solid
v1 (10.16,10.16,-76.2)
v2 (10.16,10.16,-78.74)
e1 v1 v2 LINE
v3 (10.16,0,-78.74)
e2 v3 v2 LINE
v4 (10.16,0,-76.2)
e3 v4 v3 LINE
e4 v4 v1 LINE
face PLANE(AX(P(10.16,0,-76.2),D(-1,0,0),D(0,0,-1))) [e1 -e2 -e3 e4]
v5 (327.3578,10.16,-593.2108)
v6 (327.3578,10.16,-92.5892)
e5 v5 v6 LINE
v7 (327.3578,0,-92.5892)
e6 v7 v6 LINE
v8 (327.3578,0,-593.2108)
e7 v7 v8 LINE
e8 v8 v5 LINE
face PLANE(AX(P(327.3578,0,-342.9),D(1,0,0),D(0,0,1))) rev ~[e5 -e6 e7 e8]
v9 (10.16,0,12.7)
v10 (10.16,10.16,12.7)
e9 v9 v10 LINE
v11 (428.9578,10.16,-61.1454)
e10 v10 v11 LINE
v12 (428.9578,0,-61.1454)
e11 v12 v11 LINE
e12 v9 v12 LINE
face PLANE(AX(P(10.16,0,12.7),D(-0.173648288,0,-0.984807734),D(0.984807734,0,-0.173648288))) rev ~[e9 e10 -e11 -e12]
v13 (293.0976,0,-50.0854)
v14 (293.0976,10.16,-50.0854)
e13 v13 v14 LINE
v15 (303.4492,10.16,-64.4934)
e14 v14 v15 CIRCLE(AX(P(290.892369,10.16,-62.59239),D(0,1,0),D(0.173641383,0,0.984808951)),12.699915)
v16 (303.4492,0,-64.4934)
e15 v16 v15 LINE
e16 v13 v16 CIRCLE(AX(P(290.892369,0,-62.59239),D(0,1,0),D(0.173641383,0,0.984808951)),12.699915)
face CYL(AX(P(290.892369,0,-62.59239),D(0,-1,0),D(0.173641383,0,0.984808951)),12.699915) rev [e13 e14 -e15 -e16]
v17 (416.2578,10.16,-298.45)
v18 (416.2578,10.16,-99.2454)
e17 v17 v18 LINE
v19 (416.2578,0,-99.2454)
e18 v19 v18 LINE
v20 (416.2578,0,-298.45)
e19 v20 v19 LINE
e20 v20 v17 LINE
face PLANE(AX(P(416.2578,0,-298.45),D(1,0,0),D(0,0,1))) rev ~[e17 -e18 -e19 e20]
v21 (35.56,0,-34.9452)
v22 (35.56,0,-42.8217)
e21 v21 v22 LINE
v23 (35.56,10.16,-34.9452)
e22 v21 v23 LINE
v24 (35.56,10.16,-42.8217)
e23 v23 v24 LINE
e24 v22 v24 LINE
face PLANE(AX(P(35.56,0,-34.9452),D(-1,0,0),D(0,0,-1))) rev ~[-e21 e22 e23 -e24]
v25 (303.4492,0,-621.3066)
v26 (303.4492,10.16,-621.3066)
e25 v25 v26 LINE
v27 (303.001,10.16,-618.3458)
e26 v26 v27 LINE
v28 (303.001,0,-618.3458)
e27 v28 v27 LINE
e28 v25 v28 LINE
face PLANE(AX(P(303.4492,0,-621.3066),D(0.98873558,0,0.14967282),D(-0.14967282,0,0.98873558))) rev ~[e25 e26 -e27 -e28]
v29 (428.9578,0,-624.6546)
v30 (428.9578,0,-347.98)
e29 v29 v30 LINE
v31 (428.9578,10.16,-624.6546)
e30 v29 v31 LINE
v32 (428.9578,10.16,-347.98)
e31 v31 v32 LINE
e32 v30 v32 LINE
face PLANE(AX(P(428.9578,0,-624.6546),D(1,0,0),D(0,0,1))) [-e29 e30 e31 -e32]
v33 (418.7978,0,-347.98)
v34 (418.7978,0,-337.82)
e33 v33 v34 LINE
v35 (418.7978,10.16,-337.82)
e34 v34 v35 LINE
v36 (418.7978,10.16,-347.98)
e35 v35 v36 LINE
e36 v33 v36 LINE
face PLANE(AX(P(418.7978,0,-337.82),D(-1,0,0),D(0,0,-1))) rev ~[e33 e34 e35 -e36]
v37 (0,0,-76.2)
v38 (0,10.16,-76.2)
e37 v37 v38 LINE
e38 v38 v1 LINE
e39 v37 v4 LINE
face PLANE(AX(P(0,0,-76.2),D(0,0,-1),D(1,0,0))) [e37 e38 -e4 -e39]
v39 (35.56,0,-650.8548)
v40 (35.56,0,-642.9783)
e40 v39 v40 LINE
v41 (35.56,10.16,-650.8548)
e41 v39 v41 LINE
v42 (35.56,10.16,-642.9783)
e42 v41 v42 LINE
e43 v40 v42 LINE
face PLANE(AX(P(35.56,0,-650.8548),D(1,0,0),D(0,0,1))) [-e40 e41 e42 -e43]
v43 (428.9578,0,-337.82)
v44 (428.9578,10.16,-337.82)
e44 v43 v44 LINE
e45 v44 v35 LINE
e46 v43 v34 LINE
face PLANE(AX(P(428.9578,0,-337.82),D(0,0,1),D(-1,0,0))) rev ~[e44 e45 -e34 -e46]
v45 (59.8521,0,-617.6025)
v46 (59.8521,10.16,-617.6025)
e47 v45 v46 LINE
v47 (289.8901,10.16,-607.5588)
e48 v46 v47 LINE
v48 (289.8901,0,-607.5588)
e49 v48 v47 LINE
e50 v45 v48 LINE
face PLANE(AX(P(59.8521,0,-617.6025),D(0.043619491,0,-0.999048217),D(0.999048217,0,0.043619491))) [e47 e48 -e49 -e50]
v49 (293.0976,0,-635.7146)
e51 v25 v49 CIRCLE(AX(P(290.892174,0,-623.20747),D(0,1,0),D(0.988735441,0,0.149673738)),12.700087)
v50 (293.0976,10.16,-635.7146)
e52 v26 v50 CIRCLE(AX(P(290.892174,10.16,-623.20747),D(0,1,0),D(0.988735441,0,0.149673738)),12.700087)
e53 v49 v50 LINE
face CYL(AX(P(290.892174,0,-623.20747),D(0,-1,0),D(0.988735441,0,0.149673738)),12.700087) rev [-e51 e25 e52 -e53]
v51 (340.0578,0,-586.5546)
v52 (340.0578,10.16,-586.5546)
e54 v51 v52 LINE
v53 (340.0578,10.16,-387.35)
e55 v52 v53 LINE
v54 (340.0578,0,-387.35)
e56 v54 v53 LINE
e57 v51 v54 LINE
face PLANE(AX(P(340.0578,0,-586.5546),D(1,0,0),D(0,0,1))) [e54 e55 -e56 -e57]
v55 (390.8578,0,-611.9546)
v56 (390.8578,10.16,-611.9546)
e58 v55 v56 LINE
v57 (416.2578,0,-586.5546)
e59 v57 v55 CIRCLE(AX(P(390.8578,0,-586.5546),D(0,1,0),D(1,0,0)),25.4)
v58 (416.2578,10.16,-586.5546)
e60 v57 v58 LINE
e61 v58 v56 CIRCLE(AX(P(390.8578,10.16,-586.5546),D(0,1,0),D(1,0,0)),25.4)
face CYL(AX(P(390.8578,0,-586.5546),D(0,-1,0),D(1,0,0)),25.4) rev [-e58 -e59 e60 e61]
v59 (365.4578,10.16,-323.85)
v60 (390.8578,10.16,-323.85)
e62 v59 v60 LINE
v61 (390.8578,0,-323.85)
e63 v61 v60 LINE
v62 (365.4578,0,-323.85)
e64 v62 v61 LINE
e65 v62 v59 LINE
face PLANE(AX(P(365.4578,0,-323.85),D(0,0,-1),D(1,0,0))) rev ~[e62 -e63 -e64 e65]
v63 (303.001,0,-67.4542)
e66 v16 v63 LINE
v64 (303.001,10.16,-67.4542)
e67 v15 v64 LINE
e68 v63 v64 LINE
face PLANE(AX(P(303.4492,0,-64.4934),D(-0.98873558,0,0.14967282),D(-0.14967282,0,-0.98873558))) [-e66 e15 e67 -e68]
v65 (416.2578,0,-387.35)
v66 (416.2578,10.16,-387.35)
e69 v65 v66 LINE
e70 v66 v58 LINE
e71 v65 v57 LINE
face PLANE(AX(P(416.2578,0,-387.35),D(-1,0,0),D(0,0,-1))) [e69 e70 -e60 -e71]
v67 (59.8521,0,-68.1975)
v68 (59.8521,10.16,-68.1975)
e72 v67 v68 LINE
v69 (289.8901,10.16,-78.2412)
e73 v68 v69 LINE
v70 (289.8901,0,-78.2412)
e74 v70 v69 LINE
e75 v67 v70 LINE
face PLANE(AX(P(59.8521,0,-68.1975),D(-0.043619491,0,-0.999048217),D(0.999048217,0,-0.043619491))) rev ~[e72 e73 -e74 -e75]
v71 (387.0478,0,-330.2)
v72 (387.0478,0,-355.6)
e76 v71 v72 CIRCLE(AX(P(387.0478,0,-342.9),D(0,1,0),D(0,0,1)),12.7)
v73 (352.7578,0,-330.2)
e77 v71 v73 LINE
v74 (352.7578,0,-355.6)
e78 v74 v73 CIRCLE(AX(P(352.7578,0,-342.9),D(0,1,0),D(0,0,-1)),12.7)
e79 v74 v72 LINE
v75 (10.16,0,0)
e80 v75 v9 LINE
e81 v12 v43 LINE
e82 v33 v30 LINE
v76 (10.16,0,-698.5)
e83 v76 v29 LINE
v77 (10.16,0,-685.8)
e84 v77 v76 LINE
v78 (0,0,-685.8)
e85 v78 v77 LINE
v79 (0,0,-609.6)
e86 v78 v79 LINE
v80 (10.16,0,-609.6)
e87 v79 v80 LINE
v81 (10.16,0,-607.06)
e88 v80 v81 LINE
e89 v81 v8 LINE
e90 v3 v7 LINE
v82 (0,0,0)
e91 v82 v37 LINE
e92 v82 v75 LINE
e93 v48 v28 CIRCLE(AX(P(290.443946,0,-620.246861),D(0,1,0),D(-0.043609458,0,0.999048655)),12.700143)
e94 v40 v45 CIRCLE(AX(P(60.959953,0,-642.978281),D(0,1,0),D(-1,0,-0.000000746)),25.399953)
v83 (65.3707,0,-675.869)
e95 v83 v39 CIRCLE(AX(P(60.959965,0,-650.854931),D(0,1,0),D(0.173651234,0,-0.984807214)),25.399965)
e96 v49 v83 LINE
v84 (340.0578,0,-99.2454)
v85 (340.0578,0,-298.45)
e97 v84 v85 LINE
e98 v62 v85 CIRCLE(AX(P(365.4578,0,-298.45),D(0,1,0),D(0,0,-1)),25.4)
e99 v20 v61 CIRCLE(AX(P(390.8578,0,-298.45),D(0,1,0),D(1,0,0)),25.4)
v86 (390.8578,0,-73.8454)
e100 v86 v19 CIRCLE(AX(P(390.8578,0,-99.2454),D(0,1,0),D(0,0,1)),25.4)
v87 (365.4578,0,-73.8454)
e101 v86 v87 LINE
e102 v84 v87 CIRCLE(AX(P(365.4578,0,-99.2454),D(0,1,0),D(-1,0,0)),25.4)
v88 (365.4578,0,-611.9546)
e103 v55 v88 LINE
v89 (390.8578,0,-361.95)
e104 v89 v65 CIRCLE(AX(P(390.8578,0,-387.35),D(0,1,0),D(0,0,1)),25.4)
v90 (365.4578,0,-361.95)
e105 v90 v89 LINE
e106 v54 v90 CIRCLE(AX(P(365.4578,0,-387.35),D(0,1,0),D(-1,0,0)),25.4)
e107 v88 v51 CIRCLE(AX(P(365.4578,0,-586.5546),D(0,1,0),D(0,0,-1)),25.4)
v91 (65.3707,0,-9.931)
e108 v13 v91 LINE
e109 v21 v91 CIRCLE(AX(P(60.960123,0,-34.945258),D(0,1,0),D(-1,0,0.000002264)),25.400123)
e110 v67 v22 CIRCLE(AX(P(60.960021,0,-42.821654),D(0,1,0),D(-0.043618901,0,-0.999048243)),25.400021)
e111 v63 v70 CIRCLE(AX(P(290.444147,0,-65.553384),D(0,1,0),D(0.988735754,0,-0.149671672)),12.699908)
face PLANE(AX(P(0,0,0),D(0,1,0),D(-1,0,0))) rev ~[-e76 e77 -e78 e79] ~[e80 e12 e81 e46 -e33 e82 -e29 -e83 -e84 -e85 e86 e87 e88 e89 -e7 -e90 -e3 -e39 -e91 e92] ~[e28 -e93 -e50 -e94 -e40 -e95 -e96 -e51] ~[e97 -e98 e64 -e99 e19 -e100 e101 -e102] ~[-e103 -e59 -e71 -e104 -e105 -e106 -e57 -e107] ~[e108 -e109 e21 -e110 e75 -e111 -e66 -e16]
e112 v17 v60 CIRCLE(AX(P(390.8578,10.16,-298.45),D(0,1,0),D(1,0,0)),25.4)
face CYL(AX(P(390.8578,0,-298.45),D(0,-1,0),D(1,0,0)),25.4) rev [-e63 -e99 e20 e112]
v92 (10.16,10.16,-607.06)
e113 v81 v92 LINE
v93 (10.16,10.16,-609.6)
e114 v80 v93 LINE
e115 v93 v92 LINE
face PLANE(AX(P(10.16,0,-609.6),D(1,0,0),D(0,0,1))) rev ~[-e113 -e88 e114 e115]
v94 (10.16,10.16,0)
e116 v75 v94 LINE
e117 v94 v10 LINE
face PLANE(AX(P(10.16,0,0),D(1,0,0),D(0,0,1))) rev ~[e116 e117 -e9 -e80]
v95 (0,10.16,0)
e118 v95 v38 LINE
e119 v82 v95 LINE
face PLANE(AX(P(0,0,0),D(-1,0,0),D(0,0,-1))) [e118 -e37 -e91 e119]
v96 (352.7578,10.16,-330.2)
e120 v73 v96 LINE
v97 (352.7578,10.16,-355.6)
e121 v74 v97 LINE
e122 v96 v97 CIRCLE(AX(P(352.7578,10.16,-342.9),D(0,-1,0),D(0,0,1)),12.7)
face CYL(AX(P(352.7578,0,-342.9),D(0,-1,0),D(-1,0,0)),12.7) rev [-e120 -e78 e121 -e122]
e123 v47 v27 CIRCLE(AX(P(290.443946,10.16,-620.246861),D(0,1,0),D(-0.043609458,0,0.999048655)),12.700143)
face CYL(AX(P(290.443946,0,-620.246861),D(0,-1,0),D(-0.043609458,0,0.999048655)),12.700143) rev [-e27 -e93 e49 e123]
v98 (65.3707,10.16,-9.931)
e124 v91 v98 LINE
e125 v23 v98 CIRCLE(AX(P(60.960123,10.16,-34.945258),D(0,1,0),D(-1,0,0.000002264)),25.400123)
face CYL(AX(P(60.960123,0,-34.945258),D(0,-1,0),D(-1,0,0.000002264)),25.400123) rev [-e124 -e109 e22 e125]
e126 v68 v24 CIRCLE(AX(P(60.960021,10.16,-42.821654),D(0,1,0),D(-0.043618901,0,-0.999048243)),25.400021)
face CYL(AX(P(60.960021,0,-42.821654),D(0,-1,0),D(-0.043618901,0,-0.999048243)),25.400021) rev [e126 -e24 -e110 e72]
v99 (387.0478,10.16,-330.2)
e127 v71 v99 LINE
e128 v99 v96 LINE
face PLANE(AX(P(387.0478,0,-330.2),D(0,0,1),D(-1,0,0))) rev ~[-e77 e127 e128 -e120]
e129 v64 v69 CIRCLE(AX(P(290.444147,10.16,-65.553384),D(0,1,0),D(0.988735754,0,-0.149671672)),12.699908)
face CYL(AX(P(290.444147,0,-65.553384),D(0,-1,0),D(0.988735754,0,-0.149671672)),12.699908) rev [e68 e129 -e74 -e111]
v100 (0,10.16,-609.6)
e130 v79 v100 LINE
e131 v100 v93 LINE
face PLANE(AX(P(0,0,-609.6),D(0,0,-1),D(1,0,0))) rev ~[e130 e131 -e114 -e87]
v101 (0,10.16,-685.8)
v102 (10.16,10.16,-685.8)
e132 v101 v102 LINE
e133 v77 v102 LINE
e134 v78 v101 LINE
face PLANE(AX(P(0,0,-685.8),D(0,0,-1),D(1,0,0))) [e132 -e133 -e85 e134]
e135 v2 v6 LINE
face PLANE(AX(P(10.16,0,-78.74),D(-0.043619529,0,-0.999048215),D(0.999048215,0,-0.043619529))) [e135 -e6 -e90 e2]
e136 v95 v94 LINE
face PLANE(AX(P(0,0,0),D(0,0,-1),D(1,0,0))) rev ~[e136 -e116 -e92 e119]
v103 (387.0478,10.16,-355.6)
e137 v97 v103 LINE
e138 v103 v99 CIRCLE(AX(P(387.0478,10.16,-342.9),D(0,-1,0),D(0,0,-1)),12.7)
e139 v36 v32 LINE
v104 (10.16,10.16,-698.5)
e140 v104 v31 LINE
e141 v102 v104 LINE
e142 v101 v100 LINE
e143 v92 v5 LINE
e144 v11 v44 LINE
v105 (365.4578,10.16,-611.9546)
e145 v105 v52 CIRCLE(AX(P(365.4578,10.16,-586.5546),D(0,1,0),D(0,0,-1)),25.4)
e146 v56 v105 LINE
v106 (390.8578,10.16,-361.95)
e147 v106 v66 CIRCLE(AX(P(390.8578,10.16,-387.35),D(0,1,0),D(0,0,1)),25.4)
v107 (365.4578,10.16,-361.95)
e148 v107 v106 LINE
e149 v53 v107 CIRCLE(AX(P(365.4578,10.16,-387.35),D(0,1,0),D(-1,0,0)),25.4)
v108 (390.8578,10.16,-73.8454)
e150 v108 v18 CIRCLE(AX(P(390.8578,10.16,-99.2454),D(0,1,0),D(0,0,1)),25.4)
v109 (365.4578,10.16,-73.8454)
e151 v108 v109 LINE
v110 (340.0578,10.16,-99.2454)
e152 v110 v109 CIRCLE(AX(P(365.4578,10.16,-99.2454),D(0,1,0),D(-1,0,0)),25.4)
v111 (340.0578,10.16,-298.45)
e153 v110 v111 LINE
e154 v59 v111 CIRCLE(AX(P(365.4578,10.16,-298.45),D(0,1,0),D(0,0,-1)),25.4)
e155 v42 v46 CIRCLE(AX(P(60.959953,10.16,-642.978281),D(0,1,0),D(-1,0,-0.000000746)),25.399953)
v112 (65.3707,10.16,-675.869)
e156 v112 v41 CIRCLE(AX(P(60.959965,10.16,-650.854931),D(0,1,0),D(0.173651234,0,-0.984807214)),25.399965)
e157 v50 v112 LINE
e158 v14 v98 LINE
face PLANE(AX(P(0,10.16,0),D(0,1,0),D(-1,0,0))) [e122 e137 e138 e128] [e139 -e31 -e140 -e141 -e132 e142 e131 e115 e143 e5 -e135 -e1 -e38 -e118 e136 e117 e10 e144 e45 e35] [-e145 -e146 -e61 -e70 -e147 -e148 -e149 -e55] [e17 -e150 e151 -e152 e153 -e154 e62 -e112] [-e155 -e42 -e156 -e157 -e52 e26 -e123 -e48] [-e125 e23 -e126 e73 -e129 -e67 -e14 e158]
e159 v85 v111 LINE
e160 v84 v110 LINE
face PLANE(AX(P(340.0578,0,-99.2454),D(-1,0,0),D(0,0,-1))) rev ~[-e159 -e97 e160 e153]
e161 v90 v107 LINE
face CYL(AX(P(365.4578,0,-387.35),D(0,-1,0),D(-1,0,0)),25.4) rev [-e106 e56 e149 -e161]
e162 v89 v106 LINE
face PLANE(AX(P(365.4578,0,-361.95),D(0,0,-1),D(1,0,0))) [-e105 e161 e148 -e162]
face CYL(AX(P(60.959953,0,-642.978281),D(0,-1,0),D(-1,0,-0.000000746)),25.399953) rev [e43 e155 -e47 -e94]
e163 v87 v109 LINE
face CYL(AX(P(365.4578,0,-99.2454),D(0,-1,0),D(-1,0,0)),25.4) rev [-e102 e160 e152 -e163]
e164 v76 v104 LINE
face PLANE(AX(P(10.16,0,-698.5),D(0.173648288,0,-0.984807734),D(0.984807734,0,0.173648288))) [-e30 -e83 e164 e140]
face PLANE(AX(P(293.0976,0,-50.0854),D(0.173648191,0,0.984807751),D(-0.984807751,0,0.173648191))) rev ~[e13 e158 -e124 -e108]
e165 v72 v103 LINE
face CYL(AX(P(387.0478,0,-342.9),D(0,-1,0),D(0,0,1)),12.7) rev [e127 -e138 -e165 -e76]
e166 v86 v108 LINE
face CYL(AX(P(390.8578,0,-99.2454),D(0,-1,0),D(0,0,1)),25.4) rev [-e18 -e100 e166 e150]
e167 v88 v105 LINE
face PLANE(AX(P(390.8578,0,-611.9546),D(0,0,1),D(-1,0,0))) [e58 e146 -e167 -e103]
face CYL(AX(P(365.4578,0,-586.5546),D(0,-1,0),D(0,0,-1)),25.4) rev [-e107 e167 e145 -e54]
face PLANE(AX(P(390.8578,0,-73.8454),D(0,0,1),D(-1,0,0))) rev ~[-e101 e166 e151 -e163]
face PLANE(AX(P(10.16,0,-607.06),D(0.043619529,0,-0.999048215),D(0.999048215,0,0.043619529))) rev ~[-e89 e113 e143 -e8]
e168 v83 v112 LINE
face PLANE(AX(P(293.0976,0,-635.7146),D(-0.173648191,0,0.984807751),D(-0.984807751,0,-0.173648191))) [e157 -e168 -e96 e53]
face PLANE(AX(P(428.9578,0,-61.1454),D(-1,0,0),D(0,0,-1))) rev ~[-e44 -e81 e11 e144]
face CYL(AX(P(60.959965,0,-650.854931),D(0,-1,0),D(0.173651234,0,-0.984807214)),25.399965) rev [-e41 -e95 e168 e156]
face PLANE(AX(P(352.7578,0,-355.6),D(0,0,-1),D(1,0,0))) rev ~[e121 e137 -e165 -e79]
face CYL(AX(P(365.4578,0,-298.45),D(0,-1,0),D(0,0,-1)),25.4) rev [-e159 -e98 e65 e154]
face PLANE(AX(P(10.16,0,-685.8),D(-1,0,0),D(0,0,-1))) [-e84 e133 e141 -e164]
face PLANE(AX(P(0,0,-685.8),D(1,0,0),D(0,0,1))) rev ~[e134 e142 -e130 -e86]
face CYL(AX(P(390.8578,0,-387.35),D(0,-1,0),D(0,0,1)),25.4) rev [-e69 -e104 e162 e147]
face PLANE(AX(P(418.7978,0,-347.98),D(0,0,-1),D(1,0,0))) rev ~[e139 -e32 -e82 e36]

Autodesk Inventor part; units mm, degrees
ref_plane "YZ Plane" through (0, 0, 0) normal (1, 0, 0) x (0, 1, 0)
ref_plane "XZ Plane" through (0, 0, 0) normal (0, 1, 0) x (-1, 0, 0)
ref_plane "XY Plane" through (0, 0, 0) normal (0, 0, 1) x (1, 0, 0)
sketch "Sketch1" plane through (0, 0, 0) normal (0, 1, 0) x (-1, 0, 0)
  line L0 (0, 0) -> (0, -76.2)
  line L1 (0, -76.2) -> (-10.16, -76.2)
  line L2 (-10.16, -76.2) -> (-10.16, -78.74)
  line L3 (-10.16, -78.74) -> (-327.3578, -92.5892)
  line L4 (0, 0) -> (-10.16, 0)
  line L5 (-10.16, 0) -> (-10.16, 12.7)
  line L6 (-10.16, 12.7) -> (-428.9578, -61.1454)
  line L7 (-428.9578, -61.1454) -> (-428.9578, -342.9)
  line L8 (-428.9578, -342.9) -> (-327.3578, -342.9)
  line L9 (-327.3578, -342.9) -> (-327.3578, -92.5892)
  line L10 (-365.4578, -323.85) -> (-390.8578, -323.85)
  line L11 (-416.2578, -298.45) -> (-416.2578, -99.2454)
  line L12 (-390.8578, -73.8454) -> (-365.4578, -73.8454)
  line L13 (-340.0578, -99.2454) -> (-340.0578, -298.45)
  line L14 (-293.0976, -50.0854) -> (-65.3707, -9.931)
  line L15 (-35.56, -34.9452) -> (-35.56, -42.8217)
  line L16 (-59.8521, -68.1975) -> (-289.8901, -78.2412)
  arc A0 (-340.0578, -99.2454) -> (-365.4578, -73.8454) centre (-365.4578, -99.2454) ccw
  arc A1 (-390.8578, -73.8454) -> (-416.2578, -99.2454) centre (-390.8578, -99.2454) ccw
  arc A2 (-416.2578, -298.45) -> (-390.8578, -323.85) centre (-390.8578, -298.45) ccw
  arc A3 (-365.4578, -323.85) -> (-340.0578, -298.45) centre (-365.4578, -298.45) ccw
  arc A4 (-35.56, -34.9452) -> (-65.3707, -9.931) centre (-60.96, -34.9452) ccw
  arc A5 (-59.8521, -68.1975) -> (-35.56, -42.8217) centre (-60.96, -42.8217) ccw
  line L17 (0, -685.8) -> (0, -609.6)
  line L18 (0, -609.6) -> (-10.16, -609.6)
  line L19 (-10.16, -609.6) -> (-10.16, -607.06)
  line L20 (-10.16, -607.06) -> (-327.3578, -593.2108)
  line L21 (0, -685.8) -> (-10.16, -685.8)
  line L22 (-10.16, -685.8) -> (-10.16, -698.5)
  line L23 (-10.16, -698.5) -> (-428.9578, -624.6546)
  line L24 (-428.9578, -624.6546) -> (-428.9578, -342.9)
  line L25 (-327.3578, -342.9) -> (-327.3578, -593.2108)
  line L26 (-365.4578, -361.95) -> (-390.8578, -361.95)
  line L27 (-416.2578, -387.35) -> (-416.2578, -586.5546)
  line L28 (-390.8578, -611.9546) -> (-365.4578, -611.9546)
  line L29 (-340.0578, -586.5546) -> (-340.0578, -387.35)
  line L30 (-293.0976, -635.7146) -> (-65.3707, -675.869)
  line L31 (-35.56, -650.8548) -> (-35.56, -642.9783)
  line L32 (-59.8521, -617.6025) -> (-289.8901, -607.5588)
  arc A6 (-365.4578, -611.9546) -> (-340.0578, -586.5546) centre (-365.4578, -586.5546) ccw
  arc A7 (-416.2578, -586.5546) -> (-390.8578, -611.9546) centre (-390.8578, -586.5546) ccw
  arc A8 (-390.8578, -361.95) -> (-416.2578, -387.35) centre (-390.8578, -387.35) ccw
  arc A9 (-340.0578, -387.35) -> (-365.4578, -361.95) centre (-365.4578, -387.35) ccw
  arc A10 (-65.3707, -675.869) -> (-35.56, -650.8548) centre (-60.96, -650.8548) ccw
  arc A11 (-35.56, -642.9783) -> (-59.8521, -617.6025) centre (-60.96, -642.9783) ccw
  line L33 (-428.9578, -337.82) -> (-418.7978, -337.82)
  line L34 (-418.7978, -337.82) -> (-418.7978, -347.98)
  line L35 (-418.7978, -347.98) -> (-428.9578, -347.98)
  line L36 (-387.0478, -330.2) -> (-352.7578, -330.2)
  line L37 (-340.0578, -342.9) -> (-340.0578, -342.9)
  line L38 (-352.7578, -355.6) -> (-387.0478, -355.6)
  line L39 (-399.7478, -342.9) -> (-399.7478, -342.9)
  arc A12 (-340.0578, -342.9) -> (-352.7578, -330.2) centre (-352.7578, -342.9) ccw
  arc A13 (-352.7578, -355.6) -> (-340.0578, -342.9) centre (-352.7578, -342.9) ccw
  arc A14 (-399.7478, -342.9) -> (-387.0478, -355.6) centre (-387.0478, -342.9) ccw
  arc A15 (-387.0478, -330.2) -> (-399.7478, -342.9) centre (-387.0478, -342.9) ccw
  line L40 (-303.4492, -64.4934) -> (-303.001, -67.4542)
  arc A16 (-293.0976, -50.0854) -> (-303.4492, -64.4934) centre (-290.8923, -62.5925) ccw
  arc A17 (-303.001, -67.4542) -> (-289.8901, -78.2412) centre (-290.444, -65.5533) ccw
  line L41 (-303.4492, -621.3066) -> (-303.001, -618.3458)
  arc A18 (-289.8901, -607.5588) -> (-303.001, -618.3458) centre (-290.444, -620.2467) ccw
  arc A19 (-303.4492, -621.3066) -> (-293.0976, -635.7146) centre (-290.8923, -623.2075) ccw
  point P0 (-301.2926, -78.739)
  point P1 (-305.3045, -52.2379)
  point P2 (-301.2926, -607.061)
  point P3 (-305.3045, -633.5621)
  point P4 (-340.0578, -342.9)
  dimension "d0" = 76.2
  dimension "d1" = 10.16
  dimension "d2" = 2.54
  dimension "d3" = 317.5
  dimension "d4" = 92.5
  dimension "d5" = 12.7
  dimension "d6" = 80
  dimension "d8" = 266.7
  dimension "d9" = 101.6
  dimension "d10" = 10.16
  dimension "d11" = 12.7
  dimension "d12" = 12.7
  dimension "d13" = 19.05
  dimension "d14" = 12.7
  dimension "d15" = 25.4
  dimension "d16" = 12.7
  dimension "d17" = 12.7
  dimension "d18" = 25.4
  dimension "d20" = 25.4
  dimension "d21" = 10.16
  dimension "d22" = 5.08
  dimension "d23" = 10.16
  dimension "d26" = 6.35
  dimension "d27" = 6.35
  dimension "d28" = 12.7
  dimension "d29" = 19.05
  dimension "d30" = 12.7
  dimension "d32" = 12.7
  dimension "d33" = 12.7
extrude "Extrusion1" add sketch "Sketch1" along normal blind 10.16 contours L0 L1 L2 L3 L9 L8 A12 L36 A15 L34 L33 L7 L6 L5 L4 | L25 L20 L19 L18 L17 L21 L22 L23 L24 L35 L34 L8 A14 L38 A13
properties part number "crush zone"
